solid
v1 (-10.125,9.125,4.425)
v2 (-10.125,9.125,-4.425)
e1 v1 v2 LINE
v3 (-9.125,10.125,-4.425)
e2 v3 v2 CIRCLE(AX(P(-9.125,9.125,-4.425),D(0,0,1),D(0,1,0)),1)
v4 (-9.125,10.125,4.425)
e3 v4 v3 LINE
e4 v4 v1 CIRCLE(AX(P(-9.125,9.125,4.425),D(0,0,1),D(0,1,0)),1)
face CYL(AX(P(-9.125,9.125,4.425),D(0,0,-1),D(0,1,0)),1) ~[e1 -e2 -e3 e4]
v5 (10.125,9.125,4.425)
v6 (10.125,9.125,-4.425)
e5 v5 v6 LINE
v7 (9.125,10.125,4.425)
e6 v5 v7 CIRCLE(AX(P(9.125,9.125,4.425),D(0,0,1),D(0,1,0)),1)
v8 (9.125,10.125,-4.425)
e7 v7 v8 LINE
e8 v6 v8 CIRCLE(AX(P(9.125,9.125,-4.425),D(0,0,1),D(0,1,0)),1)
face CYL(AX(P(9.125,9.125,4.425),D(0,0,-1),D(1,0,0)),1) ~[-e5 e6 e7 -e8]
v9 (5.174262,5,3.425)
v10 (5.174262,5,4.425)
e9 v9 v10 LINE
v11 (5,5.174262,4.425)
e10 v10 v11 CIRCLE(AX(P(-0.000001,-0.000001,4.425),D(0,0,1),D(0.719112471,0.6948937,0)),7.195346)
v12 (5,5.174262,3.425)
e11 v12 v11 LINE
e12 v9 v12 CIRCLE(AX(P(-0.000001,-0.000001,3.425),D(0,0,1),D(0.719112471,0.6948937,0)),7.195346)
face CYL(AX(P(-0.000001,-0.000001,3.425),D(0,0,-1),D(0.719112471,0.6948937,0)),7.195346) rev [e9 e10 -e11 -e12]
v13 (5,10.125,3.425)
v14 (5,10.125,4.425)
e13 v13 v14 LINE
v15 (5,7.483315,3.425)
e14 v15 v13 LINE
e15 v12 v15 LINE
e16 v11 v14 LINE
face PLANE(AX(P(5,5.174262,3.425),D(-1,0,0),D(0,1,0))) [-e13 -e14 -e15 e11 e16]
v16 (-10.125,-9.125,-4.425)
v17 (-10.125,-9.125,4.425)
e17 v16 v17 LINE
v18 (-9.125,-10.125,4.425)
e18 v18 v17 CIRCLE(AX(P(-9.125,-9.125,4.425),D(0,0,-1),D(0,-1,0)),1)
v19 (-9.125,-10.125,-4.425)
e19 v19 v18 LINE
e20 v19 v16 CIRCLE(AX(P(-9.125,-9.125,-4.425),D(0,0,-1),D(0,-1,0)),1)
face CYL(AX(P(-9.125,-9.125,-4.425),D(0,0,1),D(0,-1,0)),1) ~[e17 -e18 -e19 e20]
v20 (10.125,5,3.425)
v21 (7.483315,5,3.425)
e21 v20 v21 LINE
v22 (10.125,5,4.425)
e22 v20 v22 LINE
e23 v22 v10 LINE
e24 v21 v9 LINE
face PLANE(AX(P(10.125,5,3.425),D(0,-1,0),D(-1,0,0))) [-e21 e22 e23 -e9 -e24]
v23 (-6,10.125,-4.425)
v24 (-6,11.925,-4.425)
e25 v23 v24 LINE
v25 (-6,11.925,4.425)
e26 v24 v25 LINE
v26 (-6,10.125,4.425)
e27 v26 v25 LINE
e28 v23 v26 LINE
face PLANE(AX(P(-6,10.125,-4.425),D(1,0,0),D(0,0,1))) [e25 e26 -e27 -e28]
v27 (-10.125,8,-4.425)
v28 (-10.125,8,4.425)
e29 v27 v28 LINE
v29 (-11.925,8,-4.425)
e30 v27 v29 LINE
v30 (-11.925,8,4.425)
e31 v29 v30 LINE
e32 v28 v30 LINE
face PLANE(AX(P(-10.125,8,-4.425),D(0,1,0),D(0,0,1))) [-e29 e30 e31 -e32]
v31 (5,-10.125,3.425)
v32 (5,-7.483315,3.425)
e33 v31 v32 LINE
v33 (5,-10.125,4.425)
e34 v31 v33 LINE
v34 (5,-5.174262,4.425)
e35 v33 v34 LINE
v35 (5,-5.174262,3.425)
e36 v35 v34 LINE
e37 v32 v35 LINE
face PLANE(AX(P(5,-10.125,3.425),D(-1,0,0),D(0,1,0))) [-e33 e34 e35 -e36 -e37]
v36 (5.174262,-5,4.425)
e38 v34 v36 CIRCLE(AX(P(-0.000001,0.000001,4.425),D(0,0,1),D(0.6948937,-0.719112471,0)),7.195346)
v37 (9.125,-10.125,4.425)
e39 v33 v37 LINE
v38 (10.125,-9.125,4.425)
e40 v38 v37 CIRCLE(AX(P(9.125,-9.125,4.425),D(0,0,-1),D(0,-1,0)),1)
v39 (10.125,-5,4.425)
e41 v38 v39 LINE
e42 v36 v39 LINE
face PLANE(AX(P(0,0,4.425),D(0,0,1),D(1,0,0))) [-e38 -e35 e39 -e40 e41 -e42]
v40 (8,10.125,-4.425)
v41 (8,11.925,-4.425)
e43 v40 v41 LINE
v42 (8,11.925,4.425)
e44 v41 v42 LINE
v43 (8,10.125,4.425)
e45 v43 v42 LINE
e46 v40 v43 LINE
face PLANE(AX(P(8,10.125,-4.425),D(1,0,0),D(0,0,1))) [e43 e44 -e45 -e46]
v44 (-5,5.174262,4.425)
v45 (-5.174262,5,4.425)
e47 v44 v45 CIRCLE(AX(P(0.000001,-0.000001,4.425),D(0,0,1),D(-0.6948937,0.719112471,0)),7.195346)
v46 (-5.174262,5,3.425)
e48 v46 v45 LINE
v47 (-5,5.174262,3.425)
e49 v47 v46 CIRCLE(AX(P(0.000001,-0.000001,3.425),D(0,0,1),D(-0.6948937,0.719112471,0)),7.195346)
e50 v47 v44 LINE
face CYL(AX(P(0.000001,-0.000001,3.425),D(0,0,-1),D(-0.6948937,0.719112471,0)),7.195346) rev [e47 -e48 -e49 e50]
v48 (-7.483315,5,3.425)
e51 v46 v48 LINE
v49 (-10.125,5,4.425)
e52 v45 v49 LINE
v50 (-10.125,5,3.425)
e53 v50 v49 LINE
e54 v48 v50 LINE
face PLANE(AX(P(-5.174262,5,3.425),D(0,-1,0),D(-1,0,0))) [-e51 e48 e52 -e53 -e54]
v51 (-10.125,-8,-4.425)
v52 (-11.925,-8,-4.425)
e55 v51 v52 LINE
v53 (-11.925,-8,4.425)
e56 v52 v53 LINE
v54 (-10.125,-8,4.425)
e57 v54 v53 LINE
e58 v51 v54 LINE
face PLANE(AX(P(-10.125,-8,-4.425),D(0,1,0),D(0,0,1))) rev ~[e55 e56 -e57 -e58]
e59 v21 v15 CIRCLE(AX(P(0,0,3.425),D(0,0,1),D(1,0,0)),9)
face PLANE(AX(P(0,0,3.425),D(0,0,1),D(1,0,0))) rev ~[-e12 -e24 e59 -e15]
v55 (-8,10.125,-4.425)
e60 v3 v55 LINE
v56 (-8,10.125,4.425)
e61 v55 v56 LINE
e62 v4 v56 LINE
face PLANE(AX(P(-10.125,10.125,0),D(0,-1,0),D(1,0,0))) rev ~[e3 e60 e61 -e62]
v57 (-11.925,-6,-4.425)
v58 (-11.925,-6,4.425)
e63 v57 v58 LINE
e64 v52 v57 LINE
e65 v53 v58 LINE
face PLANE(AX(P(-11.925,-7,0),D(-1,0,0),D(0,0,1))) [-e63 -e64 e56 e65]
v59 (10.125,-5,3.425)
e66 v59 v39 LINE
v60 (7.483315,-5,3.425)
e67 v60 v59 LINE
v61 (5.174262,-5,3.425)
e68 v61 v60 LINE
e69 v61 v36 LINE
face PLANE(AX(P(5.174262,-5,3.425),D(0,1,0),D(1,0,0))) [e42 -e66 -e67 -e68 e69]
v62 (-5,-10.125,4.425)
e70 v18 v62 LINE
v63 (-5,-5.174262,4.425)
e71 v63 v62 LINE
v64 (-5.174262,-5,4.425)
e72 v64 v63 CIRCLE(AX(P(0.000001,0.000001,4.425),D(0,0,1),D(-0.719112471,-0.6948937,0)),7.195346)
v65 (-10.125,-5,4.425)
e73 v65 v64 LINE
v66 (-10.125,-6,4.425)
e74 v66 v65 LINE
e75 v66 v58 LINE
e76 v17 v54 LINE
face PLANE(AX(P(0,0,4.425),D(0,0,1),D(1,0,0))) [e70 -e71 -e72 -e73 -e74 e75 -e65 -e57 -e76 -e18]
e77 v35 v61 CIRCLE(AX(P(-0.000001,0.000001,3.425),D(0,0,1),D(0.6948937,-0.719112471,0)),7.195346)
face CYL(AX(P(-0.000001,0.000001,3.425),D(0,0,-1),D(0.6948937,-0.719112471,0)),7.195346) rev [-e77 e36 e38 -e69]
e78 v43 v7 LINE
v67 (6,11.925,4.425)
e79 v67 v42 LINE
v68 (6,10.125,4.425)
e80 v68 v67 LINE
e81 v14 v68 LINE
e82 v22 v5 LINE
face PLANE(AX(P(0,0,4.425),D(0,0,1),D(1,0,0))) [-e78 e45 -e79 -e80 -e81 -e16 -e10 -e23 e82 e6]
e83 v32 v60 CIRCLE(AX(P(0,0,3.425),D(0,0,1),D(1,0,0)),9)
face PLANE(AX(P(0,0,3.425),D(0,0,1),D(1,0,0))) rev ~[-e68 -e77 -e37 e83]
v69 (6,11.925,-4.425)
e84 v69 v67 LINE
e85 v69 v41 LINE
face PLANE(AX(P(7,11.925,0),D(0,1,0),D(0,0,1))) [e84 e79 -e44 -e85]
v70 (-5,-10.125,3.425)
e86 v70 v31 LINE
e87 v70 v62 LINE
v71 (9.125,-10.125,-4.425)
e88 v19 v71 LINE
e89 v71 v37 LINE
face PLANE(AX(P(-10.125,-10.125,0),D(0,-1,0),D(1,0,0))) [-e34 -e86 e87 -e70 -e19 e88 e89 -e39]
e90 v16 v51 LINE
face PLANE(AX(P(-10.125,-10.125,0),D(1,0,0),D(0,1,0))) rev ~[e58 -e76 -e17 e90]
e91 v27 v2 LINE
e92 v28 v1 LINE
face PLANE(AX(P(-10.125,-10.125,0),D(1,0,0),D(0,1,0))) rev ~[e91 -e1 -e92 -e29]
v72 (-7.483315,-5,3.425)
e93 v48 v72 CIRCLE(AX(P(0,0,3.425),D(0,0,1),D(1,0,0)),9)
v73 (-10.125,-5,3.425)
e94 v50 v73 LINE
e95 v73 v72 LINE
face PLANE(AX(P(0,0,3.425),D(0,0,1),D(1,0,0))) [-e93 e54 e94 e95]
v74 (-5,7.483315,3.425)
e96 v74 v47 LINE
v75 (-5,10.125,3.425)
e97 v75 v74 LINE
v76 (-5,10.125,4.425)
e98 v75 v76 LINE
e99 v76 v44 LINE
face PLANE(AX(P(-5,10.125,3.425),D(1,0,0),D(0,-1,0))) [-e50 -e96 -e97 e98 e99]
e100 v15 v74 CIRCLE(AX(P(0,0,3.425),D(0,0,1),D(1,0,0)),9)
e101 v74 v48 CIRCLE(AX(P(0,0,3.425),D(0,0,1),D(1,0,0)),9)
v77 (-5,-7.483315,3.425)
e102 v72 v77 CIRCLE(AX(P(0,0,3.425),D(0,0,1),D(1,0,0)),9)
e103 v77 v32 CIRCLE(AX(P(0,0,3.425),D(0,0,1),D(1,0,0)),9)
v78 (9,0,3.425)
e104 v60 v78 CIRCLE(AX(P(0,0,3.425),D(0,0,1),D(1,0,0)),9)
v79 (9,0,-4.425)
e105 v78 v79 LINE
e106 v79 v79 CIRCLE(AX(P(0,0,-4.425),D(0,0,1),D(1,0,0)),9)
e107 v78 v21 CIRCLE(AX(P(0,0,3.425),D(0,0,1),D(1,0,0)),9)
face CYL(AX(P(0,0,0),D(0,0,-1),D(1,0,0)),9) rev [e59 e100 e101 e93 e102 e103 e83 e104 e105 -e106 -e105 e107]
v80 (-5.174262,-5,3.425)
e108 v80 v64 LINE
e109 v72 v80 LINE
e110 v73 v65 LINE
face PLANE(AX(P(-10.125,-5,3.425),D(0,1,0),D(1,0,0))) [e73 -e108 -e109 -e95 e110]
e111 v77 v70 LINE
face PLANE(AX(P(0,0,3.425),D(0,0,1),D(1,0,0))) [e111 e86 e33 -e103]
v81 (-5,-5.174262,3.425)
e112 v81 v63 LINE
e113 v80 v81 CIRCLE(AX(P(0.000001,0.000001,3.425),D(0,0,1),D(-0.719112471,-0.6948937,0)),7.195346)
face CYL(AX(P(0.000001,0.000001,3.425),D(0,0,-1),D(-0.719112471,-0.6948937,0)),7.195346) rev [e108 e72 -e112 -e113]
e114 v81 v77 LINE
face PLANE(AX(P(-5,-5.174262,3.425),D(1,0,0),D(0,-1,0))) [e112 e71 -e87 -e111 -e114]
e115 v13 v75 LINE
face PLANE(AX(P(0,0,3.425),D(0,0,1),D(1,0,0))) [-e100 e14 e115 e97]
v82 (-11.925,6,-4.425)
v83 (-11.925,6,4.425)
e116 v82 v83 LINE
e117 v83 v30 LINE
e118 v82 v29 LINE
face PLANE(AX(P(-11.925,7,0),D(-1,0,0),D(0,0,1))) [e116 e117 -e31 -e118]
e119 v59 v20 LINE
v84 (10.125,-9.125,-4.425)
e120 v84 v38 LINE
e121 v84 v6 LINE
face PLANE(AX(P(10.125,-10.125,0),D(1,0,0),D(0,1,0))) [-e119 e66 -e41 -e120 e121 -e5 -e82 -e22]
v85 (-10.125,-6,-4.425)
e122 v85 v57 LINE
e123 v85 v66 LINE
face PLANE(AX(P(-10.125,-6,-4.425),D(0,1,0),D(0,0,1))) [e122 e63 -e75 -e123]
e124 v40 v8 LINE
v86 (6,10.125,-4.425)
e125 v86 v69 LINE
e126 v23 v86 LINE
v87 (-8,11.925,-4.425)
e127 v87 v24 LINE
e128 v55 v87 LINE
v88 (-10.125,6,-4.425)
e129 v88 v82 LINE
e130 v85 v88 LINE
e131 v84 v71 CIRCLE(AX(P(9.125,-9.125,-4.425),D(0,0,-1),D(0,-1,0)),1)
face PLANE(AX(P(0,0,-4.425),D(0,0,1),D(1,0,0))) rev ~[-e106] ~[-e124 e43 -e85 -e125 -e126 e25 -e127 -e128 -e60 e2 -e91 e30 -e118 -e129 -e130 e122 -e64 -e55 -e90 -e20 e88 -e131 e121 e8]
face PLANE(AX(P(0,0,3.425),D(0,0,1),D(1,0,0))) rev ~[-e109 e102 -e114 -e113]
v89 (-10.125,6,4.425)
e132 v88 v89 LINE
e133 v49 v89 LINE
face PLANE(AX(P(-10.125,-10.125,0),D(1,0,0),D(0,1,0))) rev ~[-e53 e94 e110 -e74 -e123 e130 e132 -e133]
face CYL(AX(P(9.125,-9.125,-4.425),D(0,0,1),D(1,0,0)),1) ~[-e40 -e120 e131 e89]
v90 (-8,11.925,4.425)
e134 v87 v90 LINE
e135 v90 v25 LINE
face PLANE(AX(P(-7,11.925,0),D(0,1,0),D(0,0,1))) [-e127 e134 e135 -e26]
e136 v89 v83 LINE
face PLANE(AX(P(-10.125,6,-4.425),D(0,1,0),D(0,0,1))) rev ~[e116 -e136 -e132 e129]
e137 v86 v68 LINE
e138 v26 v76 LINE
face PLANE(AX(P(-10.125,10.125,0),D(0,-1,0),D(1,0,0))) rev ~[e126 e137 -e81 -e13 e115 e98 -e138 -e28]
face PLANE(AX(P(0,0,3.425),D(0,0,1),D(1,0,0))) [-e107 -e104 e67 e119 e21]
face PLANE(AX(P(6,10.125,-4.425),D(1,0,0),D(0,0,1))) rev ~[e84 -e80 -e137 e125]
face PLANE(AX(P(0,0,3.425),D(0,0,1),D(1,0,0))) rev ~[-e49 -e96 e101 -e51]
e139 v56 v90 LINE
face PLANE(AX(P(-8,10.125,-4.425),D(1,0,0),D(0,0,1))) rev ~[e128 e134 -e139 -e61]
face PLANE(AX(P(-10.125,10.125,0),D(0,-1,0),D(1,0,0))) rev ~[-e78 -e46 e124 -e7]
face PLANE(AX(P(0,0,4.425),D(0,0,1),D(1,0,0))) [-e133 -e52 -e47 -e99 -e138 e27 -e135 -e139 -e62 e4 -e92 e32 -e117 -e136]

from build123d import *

# Parameters (mm, degrees)
SKETCH1_W           = 20.25
SKETCH1_H           = 20.25
SKETCH1_R           = 9
BOSS_EXTRUDE1_DEPTH = 4.425
BOSS_EXTRUDE2_START = -1
SKETCH2_R           = 9
SKETCH2_R_2         = 7.195345153
BOSS_EXTRUDE2_DEPTH = 1
CUT_EXTRUDE1_START  = -1
CUT_EXTRUDE1_DEPTH  = 1
FILLET1_R           = 1
SKETCH4_W           = 8.85
SKETCH4_H           = 2
BOSS_EXTRUDE3_DEPTH = 1.8
CIRPATTERN1_COUNT   = 2
CIRPATTERN1_ANGLE   = 90


with BuildPart() as part:
    # Sketch1 → Boss-Extrude1 (new, symmetric)
    with BuildSketch(Plane.XY):
        Rectangle(SKETCH1_W, SKETCH1_H)
        Circle(SKETCH1_R, mode=Mode.SUBTRACT)
    extrude(amount=BOSS_EXTRUDE1_DEPTH, both=True)

    # Sketch2 → Boss-Extrude2 (add)
    with BuildSketch(Plane.XY.offset(4.425).offset(BOSS_EXTRUDE2_START)):
        Circle(SKETCH2_R)
        Circle(SKETCH2_R_2, mode=Mode.SUBTRACT)
    extrude(amount=BOSS_EXTRUDE2_DEPTH)

    # Sketch3 → Cut-Extrude1 (cut)
    with BuildSketch(Plane.XY.offset(4.425).offset(CUT_EXTRUDE1_START)):
        with BuildLine():
            Line((-10.125, -5), (-5.174262446, -5))
            ThreePointArc((-5.174262446, -5), (-5.08787735, -5.08787735), (-5, -5.174262446))
            Line((-5, -5.174262446), (-5, -10.125))
            Line((-5, -10.125), (5, -10.125))
            Line((5, -10.125), (5, -5.174262446))
            ThreePointArc((5, -5.174262446), (5.08787735, -5.08787735), (5.174262446, -5))
            Line((5.174262446, -5), (10.125, -5))
            Line((10.125, -5), (10.125, 5))
            Line((10.125, 5), (5.174262446, 5))
            ThreePointArc((5.174262446, 5), (5.08787735, 5.08787735), (5, 5.174262446))
            Line((5, 5.174262446), (5, 10.125))
            Line((5, 10.125), (-5, 10.125))
            Line((-5, 10.125), (-5, 5.174262446))
            ThreePointArc((-5, 5.174262446), (-5.08787735, 5.08787735), (-5.174262446, 5))
            Line((-5.174262446, 5), (-10.125, 5))
            Line((-10.125, 5), (-10.125, -5))
        make_face()
    extrude(amount=CUT_EXTRUDE1_DEPTH, mode=Mode.SUBTRACT)

    # Fillet1
    fillet1_edges = [part.edges().sort_by_distance(p)[0] for p in [
        (-10.125, 10.125, 0),
        (10.125, 10.125, 0),
        (10.125, -10.125, 0),
        (-10.125, -10.125, 0),
    ]]
    fillet(fillet1_edges, radius=FILLET1_R)

    # Sketch4 → Boss-Extrude3 (add)
    with BuildSketch(Plane.ZY.offset(10.125)):
        with Locations((0, 7)):
            Rectangle(SKETCH4_W, SKETCH4_H)
        with Locations((0, -7)):
            Rectangle(SKETCH4_W, SKETCH4_H)
    boss_extrude3 = extrude(amount=BOSS_EXTRUDE3_DEPTH)

    # CirPattern1: Boss-Extrude3 ×2 about axis
    cirpattern1_axis = Axis((0, 0, 0), (0, 0, -1))
    for i in range(1, CIRPATTERN1_COUNT):
        add(boss_extrude3.rotate(cirpattern1_axis, i * CIRPATTERN1_ANGLE / (CIRPATTERN1_COUNT - 1)))


solid = part.part
